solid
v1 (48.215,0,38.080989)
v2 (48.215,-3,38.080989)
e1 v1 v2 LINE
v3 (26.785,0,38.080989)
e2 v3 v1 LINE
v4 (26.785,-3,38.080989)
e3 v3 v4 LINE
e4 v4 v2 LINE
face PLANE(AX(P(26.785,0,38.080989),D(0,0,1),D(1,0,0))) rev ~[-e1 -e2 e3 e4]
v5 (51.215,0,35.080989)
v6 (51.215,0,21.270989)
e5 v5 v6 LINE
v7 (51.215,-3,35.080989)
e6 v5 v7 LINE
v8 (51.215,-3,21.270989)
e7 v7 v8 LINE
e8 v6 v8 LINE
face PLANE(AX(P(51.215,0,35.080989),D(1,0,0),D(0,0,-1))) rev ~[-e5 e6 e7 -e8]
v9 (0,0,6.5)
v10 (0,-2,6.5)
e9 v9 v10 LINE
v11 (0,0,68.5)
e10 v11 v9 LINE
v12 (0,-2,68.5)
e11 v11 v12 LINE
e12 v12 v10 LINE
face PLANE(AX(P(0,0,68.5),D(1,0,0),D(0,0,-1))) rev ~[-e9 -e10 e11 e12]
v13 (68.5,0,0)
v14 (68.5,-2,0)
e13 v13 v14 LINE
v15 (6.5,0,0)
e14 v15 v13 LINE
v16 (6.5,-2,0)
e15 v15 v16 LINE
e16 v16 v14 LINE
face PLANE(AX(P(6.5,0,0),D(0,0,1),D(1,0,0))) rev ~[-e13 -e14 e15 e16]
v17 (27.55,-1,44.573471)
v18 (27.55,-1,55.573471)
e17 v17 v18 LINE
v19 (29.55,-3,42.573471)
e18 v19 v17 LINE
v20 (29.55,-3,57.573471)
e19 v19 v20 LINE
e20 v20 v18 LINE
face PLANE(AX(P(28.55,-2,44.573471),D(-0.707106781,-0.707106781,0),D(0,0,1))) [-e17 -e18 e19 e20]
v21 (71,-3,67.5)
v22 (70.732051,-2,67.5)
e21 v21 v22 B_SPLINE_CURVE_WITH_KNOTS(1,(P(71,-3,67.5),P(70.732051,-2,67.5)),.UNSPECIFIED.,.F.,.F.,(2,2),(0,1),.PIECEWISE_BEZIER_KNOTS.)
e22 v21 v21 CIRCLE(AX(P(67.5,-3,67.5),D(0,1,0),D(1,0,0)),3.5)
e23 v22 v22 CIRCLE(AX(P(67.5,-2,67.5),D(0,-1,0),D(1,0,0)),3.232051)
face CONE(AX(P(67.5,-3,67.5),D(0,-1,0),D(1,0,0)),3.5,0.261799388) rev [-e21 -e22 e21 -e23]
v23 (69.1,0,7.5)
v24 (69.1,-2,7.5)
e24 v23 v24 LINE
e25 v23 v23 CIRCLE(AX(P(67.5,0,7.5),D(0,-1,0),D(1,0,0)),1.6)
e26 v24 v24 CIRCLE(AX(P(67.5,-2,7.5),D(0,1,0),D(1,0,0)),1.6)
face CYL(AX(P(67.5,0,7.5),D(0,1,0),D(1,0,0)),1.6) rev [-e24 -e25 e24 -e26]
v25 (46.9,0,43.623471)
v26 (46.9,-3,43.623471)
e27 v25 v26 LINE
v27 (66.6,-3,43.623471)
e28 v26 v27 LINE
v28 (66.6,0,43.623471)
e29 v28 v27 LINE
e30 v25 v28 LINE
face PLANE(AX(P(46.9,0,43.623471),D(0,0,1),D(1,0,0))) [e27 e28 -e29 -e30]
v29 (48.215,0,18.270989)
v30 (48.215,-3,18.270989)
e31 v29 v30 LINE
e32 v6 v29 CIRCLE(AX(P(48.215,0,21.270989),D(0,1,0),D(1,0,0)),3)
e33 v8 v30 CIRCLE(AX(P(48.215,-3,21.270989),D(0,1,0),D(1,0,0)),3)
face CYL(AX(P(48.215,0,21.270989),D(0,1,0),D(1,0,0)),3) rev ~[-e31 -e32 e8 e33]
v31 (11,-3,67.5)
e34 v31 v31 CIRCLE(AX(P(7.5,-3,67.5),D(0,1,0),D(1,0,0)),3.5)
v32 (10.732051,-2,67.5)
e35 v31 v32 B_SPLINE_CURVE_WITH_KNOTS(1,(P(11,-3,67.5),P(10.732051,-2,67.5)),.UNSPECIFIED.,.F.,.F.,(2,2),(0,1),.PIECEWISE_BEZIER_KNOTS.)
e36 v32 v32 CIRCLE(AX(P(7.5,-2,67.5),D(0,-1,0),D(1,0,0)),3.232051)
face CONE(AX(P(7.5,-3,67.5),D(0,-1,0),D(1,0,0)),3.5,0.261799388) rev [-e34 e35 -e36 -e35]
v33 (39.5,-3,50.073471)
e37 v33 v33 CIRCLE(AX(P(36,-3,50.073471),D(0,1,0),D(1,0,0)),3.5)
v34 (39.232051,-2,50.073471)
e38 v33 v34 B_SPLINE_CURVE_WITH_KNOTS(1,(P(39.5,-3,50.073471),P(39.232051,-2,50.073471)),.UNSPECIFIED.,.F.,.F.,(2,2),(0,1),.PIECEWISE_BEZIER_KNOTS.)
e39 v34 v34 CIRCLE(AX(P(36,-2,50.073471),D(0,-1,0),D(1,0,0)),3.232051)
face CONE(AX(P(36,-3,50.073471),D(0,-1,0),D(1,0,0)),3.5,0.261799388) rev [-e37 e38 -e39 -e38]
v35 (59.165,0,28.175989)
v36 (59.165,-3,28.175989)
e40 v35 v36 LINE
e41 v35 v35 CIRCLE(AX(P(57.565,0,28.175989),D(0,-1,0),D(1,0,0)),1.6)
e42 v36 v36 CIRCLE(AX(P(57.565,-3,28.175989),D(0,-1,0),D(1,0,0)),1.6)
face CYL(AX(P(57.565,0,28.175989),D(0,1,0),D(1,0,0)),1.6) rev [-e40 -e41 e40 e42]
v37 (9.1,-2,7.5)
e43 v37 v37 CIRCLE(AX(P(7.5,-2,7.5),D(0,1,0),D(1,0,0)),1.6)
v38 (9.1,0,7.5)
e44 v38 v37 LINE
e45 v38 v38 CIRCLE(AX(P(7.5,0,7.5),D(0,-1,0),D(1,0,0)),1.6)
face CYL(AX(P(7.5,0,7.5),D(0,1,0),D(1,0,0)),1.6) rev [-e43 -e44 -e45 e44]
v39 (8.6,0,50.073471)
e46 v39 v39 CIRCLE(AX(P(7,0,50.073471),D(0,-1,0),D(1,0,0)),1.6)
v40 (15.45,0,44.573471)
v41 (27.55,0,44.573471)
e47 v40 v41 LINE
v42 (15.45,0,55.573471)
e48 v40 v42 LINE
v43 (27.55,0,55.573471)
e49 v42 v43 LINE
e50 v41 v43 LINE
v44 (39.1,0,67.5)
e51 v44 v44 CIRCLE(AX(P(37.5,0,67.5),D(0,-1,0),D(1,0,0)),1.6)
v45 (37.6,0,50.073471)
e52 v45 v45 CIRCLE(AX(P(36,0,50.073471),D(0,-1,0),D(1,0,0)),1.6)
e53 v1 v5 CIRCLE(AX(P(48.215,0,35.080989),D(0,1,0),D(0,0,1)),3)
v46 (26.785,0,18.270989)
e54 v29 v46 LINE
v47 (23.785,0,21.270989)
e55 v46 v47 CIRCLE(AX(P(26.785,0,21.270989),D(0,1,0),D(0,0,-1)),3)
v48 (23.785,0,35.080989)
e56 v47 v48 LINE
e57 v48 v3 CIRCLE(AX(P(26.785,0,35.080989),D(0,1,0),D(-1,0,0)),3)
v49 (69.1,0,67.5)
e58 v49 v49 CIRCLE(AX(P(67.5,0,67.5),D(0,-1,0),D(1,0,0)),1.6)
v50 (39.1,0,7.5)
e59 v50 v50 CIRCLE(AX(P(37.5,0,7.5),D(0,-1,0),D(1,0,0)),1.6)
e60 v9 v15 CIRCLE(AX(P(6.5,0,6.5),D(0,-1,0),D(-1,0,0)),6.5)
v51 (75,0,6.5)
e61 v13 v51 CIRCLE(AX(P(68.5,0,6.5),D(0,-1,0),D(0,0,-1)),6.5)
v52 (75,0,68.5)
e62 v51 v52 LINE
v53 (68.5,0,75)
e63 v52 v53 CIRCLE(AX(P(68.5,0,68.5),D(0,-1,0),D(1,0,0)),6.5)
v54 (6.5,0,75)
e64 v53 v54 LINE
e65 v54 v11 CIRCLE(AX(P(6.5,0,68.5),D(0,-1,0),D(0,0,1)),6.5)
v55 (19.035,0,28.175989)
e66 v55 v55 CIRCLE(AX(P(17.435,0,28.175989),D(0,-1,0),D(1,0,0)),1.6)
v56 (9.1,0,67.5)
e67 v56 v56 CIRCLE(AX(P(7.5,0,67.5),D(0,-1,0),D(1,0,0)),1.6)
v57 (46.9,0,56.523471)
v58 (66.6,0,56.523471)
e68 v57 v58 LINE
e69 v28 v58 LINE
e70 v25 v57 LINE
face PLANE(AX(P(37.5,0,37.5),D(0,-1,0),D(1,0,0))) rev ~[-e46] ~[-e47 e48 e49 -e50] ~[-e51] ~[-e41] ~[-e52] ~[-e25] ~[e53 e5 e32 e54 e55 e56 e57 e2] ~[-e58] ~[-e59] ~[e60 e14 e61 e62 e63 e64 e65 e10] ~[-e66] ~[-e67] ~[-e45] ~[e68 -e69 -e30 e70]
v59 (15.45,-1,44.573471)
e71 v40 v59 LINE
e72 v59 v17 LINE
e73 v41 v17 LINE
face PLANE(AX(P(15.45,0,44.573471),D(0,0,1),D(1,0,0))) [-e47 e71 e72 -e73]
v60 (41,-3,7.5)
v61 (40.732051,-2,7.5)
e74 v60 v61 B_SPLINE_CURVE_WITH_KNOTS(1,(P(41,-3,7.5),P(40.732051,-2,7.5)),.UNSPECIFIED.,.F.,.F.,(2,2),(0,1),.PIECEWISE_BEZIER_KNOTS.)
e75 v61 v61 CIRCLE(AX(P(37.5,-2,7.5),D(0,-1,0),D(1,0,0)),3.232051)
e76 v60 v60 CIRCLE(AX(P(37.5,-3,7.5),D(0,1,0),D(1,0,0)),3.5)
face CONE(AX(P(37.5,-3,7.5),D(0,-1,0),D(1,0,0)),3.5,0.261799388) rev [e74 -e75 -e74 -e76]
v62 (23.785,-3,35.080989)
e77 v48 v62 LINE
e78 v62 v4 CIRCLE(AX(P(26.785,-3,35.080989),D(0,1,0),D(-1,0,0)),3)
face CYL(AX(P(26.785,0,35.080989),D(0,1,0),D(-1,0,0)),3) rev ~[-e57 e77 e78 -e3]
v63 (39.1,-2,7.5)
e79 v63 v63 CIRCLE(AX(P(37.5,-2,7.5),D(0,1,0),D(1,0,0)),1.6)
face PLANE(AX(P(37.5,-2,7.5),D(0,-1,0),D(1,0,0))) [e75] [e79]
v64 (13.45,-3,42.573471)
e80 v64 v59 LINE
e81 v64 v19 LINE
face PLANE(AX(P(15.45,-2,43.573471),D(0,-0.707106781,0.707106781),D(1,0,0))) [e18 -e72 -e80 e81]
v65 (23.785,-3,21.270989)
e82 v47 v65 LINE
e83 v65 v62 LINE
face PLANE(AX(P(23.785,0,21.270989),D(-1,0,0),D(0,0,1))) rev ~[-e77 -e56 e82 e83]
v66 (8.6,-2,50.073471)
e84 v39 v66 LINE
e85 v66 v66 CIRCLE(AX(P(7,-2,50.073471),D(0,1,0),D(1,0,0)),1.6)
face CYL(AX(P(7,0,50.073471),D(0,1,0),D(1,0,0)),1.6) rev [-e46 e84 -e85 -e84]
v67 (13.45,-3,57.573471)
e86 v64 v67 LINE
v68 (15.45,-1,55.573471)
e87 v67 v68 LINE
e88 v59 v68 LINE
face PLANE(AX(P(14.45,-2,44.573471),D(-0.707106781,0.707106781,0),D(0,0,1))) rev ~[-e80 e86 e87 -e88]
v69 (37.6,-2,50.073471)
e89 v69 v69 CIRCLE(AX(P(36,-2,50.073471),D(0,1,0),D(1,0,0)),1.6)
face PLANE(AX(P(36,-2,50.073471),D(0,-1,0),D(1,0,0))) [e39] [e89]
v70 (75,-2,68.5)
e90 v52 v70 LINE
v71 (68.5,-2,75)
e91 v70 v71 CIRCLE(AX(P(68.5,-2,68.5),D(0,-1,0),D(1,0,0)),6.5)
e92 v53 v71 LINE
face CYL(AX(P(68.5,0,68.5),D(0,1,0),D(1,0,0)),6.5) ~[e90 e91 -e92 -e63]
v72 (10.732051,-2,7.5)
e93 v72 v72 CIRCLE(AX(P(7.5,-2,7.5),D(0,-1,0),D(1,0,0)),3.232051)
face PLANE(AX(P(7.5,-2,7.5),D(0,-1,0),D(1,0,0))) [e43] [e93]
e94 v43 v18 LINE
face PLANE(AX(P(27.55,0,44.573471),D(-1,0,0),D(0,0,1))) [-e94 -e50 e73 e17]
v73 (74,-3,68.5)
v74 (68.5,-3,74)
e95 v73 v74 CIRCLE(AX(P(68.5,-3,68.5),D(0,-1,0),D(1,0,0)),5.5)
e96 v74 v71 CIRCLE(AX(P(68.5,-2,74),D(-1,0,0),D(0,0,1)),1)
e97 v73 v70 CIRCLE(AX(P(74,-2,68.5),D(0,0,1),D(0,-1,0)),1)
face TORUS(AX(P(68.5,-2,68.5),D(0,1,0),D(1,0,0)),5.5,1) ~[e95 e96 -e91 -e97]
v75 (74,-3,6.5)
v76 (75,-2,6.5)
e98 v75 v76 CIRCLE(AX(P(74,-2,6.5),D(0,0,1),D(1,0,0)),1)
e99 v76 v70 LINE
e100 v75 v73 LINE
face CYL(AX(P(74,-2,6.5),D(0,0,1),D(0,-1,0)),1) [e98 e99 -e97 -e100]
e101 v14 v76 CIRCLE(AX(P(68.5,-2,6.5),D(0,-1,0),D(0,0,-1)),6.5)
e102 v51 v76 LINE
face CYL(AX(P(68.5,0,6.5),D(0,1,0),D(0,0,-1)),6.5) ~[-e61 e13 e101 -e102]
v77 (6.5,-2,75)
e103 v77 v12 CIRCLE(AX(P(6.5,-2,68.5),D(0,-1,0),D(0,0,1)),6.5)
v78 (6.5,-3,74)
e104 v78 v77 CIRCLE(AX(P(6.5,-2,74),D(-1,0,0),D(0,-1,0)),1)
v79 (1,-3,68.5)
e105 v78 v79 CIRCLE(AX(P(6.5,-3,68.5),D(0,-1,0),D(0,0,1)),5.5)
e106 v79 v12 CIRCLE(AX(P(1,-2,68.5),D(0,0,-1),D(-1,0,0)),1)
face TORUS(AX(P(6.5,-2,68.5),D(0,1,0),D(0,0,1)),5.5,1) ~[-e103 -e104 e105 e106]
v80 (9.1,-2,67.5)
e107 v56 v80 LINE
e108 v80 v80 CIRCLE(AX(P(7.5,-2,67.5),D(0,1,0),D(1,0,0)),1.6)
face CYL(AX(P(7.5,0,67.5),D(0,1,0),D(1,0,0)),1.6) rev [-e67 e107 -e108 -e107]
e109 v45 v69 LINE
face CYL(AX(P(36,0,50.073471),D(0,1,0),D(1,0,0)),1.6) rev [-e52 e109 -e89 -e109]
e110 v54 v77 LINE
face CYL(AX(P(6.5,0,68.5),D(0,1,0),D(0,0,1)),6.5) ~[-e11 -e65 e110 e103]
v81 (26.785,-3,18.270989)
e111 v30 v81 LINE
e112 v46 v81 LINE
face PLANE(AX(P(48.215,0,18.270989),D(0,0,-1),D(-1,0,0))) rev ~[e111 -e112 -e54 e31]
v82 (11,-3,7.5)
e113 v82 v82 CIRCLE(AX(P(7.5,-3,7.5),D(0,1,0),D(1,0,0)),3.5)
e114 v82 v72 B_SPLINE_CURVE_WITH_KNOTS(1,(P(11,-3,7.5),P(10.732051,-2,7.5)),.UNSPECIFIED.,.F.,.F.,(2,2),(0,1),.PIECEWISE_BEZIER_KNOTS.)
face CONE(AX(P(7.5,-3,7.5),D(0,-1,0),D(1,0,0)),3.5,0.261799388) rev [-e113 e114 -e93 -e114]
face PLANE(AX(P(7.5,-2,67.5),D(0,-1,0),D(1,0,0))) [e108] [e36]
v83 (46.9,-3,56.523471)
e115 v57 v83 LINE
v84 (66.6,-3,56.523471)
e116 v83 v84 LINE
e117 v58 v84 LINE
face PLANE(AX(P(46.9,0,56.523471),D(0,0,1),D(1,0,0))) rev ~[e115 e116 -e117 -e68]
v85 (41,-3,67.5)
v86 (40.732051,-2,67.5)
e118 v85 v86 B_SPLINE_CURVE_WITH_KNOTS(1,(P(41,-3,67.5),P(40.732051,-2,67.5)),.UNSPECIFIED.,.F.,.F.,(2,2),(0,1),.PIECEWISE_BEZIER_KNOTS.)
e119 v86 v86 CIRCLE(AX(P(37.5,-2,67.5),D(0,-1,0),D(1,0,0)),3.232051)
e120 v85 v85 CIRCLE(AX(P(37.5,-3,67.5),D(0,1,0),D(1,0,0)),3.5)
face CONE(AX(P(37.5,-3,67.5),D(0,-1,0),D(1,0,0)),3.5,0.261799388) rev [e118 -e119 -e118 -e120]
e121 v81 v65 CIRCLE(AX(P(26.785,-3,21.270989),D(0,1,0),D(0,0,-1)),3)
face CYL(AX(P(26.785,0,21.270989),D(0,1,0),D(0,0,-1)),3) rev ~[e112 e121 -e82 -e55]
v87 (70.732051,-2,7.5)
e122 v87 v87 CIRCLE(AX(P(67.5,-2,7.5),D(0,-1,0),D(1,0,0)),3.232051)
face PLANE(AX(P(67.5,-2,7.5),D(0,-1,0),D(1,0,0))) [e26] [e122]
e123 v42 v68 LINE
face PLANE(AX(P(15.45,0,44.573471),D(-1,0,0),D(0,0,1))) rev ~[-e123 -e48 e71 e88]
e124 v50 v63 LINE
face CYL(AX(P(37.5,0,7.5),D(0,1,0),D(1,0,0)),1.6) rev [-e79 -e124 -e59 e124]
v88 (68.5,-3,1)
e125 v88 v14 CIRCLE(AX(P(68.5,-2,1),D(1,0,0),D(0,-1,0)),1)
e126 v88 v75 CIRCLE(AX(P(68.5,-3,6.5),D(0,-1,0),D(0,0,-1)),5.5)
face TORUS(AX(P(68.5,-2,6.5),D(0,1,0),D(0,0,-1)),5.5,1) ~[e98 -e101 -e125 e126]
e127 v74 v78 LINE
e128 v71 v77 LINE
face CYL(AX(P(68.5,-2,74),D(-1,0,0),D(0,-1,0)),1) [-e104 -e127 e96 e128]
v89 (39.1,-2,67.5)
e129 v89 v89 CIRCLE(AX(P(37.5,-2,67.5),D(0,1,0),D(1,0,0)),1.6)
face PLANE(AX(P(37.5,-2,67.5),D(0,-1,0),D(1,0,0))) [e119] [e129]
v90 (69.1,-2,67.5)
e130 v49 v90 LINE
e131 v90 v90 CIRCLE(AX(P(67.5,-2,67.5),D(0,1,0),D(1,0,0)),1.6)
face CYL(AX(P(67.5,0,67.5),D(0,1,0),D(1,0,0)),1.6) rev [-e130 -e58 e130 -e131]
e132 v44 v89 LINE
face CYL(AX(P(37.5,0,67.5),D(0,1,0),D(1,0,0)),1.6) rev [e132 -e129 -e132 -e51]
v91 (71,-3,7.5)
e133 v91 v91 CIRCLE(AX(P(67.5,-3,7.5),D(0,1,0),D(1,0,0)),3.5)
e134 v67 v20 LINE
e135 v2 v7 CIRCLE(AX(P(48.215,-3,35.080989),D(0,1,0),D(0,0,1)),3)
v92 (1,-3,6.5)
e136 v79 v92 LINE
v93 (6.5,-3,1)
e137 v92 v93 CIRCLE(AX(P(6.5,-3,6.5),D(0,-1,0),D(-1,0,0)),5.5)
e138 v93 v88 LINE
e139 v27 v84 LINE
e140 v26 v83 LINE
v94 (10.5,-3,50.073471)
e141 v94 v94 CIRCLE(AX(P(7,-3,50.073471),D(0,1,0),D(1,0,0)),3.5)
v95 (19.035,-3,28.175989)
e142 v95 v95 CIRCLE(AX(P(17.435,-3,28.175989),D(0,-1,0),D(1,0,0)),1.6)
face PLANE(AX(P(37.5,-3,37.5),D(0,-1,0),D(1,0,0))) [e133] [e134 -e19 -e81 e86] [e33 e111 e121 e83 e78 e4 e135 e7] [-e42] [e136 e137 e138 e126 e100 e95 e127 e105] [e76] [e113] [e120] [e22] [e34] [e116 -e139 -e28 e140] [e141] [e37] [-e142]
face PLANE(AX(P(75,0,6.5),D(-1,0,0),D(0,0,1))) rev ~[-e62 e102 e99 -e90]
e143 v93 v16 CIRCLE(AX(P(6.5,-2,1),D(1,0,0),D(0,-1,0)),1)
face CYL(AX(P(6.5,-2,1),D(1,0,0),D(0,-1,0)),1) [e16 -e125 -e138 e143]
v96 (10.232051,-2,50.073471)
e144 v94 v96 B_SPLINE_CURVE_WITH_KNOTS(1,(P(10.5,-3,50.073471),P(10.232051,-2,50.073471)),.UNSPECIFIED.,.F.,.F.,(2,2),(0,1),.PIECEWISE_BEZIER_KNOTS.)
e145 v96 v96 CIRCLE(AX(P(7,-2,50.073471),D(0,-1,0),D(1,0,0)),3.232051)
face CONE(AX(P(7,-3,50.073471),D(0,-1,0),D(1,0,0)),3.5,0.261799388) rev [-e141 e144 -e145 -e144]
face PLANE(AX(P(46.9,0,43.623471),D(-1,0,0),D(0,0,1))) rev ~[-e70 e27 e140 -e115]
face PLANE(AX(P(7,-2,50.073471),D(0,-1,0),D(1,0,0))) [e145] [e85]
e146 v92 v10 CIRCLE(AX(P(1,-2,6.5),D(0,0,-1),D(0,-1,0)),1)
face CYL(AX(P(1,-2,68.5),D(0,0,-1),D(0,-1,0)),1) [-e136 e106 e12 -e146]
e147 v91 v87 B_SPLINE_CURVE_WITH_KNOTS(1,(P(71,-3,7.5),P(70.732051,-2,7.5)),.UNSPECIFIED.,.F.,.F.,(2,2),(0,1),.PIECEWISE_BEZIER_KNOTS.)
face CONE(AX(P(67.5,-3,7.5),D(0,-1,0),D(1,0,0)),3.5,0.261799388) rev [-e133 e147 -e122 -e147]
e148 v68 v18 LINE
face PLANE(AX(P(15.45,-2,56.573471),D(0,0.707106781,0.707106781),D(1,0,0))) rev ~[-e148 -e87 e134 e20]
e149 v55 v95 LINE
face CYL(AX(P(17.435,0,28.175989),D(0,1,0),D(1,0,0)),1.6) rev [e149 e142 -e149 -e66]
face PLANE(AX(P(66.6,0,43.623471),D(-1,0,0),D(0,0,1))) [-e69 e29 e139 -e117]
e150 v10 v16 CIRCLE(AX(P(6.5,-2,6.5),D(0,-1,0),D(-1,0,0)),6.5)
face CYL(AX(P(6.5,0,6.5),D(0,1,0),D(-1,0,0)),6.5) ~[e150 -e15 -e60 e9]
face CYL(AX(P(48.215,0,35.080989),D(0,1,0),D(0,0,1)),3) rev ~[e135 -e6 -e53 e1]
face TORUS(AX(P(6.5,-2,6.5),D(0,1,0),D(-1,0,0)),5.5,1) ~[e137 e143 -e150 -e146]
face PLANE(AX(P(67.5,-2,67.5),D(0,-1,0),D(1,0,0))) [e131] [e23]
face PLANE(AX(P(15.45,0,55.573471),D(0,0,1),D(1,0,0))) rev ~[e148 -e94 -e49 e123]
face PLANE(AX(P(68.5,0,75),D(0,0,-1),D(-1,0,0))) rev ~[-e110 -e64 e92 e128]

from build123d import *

# Parameters (mm, degrees)
F0_R     = 1.6
F0_W     = 12.1
F0_H     = 11
F0_W_2   = 19.7
F0_H_2   = 12.9
F1_DEPTH = 3
F2_R     = 3.5
F3_DEPTH = 1
F3_TAPER = 15
F4_R     = 1
F5_SIZE  = 2


with BuildPart() as f1:
    # F0 (on Front) → F1 (new body)
    with BuildSketch(Plane.XZ):
        with BuildLine():
            Line((68.5, 75), (6.5, 75))
            ThreePointArc((6.5, 75), (1.9038059223, 73.0961940777), (0, 68.5))
            Line((0, 68.5), (0, 6.5))
            ThreePointArc((0, 6.5), (1.9038059223, 1.9038059223), (6.5, 0))
            Line((6.5, 0), (68.5, 0))
            ThreePointArc((68.5, 0), (73.0961940777, 1.9038059223), (75, 6.5))
            Line((75, 6.5), (75, 68.5))
            ThreePointArc((75, 68.5), (73.0961940777, 73.0961940777), (68.5, 75))
        make_face()
        with Locations((7.5, 7.5)):
            Circle(F0_R, mode=Mode.SUBTRACT)
        with Locations((17.435, 28.1759891631)):
            Circle(F0_R, mode=Mode.SUBTRACT)
        with Locations((37.5, 7.5)):
            Circle(F0_R, mode=Mode.SUBTRACT)
        with Locations((67.5, 7.5)):
            Circle(F0_R, mode=Mode.SUBTRACT)
        with BuildLine():
            Line((26.785, 38.0809891631), (48.215, 38.0809891631))
            ThreePointArc((48.215, 38.0809891631), (50.3363203436, 37.2023095066), (51.215, 35.0809891631))
            Line((51.215, 35.0809891631), (51.215, 21.2709891631))
            ThreePointArc((51.215, 21.2709891631), (50.3363203436, 19.1496688195), (48.215, 18.2709891631))
            Line((48.215, 18.2709891631), (26.785, 18.2709891631))
            ThreePointArc((26.785, 18.2709891631), (24.6636796564, 19.1496688195), (23.785, 21.2709891631))
            Line((23.785, 21.2709891631), (23.785, 35.0809891631))
            ThreePointArc((23.785, 35.0809891631), (24.6636796564, 37.2023095066), (26.785, 38.0809891631))
        make_face(mode=Mode.SUBTRACT)
        with Locations((57.565, 28.1759891631)):
            Circle(F0_R, mode=Mode.SUBTRACT)
        with Locations((7, 50.0734709203)):
            Circle(F0_R, mode=Mode.SUBTRACT)
        with Locations((21.5, 50.0734709203)):
            Rectangle(F0_W, F0_H, mode=Mode.SUBTRACT)
        with Locations((36, 50.0734709203)):
            Circle(F0_R, mode=Mode.SUBTRACT)
        with Locations((7.5, 67.5)):
            Circle(F0_R, mode=Mode.SUBTRACT)
        with Locations((56.75, 50.0734709203)):
            Rectangle(F0_W_2, F0_H_2, mode=Mode.SUBTRACT)
        with Locations((37.5, 67.5)):
            Circle(F0_R, mode=Mode.SUBTRACT)
        with Locations((67.5, 67.5)):
            Circle(F0_R, mode=Mode.SUBTRACT)
    extrude(amount=F1_DEPTH)

    # F2 (on face) → F3 (cut)
    with BuildSketch(Plane.XZ.offset(3)):
        with Locations((7.5, 67.5)):
            Circle(F2_R)
        with Locations((37.5, 67.5)):
            Circle(F2_R)
        with Locations((67.5, 67.5)):
            Circle(F2_R)
        with Locations((36, 50.0734709203)):
            Circle(F2_R)
        with Locations((7, 50.0734709203)):
            Circle(F2_R)
        with Locations((67.5, 7.5)):
            Circle(F2_R)
        with Locations((37.5, 7.5)):
            Circle(F2_R)
        with Locations((7.5, 7.5)):
            Circle(F2_R)
    extrude(amount=-F3_DEPTH, taper=F3_TAPER, mode=Mode.SUBTRACT)

    # F4
    f4_edges = [f1.edges().sort_by_distance(p)[0] for p in [
        (37.5, -3, 0),
    ]]
    fillet(f4_edges, radius=F4_R)

    # F5
    f5_edges = [f1.edges().sort_by_distance(p)[0] for p in [
        (21.5, -3, 55.573471),
        (27.55, -3, 50.073471),
        (21.5, -3, 44.573471),
        (15.45, -3, 50.073471),
    ]]
    chamfer(f5_edges, length=F5_SIZE)


solid = f1.part
